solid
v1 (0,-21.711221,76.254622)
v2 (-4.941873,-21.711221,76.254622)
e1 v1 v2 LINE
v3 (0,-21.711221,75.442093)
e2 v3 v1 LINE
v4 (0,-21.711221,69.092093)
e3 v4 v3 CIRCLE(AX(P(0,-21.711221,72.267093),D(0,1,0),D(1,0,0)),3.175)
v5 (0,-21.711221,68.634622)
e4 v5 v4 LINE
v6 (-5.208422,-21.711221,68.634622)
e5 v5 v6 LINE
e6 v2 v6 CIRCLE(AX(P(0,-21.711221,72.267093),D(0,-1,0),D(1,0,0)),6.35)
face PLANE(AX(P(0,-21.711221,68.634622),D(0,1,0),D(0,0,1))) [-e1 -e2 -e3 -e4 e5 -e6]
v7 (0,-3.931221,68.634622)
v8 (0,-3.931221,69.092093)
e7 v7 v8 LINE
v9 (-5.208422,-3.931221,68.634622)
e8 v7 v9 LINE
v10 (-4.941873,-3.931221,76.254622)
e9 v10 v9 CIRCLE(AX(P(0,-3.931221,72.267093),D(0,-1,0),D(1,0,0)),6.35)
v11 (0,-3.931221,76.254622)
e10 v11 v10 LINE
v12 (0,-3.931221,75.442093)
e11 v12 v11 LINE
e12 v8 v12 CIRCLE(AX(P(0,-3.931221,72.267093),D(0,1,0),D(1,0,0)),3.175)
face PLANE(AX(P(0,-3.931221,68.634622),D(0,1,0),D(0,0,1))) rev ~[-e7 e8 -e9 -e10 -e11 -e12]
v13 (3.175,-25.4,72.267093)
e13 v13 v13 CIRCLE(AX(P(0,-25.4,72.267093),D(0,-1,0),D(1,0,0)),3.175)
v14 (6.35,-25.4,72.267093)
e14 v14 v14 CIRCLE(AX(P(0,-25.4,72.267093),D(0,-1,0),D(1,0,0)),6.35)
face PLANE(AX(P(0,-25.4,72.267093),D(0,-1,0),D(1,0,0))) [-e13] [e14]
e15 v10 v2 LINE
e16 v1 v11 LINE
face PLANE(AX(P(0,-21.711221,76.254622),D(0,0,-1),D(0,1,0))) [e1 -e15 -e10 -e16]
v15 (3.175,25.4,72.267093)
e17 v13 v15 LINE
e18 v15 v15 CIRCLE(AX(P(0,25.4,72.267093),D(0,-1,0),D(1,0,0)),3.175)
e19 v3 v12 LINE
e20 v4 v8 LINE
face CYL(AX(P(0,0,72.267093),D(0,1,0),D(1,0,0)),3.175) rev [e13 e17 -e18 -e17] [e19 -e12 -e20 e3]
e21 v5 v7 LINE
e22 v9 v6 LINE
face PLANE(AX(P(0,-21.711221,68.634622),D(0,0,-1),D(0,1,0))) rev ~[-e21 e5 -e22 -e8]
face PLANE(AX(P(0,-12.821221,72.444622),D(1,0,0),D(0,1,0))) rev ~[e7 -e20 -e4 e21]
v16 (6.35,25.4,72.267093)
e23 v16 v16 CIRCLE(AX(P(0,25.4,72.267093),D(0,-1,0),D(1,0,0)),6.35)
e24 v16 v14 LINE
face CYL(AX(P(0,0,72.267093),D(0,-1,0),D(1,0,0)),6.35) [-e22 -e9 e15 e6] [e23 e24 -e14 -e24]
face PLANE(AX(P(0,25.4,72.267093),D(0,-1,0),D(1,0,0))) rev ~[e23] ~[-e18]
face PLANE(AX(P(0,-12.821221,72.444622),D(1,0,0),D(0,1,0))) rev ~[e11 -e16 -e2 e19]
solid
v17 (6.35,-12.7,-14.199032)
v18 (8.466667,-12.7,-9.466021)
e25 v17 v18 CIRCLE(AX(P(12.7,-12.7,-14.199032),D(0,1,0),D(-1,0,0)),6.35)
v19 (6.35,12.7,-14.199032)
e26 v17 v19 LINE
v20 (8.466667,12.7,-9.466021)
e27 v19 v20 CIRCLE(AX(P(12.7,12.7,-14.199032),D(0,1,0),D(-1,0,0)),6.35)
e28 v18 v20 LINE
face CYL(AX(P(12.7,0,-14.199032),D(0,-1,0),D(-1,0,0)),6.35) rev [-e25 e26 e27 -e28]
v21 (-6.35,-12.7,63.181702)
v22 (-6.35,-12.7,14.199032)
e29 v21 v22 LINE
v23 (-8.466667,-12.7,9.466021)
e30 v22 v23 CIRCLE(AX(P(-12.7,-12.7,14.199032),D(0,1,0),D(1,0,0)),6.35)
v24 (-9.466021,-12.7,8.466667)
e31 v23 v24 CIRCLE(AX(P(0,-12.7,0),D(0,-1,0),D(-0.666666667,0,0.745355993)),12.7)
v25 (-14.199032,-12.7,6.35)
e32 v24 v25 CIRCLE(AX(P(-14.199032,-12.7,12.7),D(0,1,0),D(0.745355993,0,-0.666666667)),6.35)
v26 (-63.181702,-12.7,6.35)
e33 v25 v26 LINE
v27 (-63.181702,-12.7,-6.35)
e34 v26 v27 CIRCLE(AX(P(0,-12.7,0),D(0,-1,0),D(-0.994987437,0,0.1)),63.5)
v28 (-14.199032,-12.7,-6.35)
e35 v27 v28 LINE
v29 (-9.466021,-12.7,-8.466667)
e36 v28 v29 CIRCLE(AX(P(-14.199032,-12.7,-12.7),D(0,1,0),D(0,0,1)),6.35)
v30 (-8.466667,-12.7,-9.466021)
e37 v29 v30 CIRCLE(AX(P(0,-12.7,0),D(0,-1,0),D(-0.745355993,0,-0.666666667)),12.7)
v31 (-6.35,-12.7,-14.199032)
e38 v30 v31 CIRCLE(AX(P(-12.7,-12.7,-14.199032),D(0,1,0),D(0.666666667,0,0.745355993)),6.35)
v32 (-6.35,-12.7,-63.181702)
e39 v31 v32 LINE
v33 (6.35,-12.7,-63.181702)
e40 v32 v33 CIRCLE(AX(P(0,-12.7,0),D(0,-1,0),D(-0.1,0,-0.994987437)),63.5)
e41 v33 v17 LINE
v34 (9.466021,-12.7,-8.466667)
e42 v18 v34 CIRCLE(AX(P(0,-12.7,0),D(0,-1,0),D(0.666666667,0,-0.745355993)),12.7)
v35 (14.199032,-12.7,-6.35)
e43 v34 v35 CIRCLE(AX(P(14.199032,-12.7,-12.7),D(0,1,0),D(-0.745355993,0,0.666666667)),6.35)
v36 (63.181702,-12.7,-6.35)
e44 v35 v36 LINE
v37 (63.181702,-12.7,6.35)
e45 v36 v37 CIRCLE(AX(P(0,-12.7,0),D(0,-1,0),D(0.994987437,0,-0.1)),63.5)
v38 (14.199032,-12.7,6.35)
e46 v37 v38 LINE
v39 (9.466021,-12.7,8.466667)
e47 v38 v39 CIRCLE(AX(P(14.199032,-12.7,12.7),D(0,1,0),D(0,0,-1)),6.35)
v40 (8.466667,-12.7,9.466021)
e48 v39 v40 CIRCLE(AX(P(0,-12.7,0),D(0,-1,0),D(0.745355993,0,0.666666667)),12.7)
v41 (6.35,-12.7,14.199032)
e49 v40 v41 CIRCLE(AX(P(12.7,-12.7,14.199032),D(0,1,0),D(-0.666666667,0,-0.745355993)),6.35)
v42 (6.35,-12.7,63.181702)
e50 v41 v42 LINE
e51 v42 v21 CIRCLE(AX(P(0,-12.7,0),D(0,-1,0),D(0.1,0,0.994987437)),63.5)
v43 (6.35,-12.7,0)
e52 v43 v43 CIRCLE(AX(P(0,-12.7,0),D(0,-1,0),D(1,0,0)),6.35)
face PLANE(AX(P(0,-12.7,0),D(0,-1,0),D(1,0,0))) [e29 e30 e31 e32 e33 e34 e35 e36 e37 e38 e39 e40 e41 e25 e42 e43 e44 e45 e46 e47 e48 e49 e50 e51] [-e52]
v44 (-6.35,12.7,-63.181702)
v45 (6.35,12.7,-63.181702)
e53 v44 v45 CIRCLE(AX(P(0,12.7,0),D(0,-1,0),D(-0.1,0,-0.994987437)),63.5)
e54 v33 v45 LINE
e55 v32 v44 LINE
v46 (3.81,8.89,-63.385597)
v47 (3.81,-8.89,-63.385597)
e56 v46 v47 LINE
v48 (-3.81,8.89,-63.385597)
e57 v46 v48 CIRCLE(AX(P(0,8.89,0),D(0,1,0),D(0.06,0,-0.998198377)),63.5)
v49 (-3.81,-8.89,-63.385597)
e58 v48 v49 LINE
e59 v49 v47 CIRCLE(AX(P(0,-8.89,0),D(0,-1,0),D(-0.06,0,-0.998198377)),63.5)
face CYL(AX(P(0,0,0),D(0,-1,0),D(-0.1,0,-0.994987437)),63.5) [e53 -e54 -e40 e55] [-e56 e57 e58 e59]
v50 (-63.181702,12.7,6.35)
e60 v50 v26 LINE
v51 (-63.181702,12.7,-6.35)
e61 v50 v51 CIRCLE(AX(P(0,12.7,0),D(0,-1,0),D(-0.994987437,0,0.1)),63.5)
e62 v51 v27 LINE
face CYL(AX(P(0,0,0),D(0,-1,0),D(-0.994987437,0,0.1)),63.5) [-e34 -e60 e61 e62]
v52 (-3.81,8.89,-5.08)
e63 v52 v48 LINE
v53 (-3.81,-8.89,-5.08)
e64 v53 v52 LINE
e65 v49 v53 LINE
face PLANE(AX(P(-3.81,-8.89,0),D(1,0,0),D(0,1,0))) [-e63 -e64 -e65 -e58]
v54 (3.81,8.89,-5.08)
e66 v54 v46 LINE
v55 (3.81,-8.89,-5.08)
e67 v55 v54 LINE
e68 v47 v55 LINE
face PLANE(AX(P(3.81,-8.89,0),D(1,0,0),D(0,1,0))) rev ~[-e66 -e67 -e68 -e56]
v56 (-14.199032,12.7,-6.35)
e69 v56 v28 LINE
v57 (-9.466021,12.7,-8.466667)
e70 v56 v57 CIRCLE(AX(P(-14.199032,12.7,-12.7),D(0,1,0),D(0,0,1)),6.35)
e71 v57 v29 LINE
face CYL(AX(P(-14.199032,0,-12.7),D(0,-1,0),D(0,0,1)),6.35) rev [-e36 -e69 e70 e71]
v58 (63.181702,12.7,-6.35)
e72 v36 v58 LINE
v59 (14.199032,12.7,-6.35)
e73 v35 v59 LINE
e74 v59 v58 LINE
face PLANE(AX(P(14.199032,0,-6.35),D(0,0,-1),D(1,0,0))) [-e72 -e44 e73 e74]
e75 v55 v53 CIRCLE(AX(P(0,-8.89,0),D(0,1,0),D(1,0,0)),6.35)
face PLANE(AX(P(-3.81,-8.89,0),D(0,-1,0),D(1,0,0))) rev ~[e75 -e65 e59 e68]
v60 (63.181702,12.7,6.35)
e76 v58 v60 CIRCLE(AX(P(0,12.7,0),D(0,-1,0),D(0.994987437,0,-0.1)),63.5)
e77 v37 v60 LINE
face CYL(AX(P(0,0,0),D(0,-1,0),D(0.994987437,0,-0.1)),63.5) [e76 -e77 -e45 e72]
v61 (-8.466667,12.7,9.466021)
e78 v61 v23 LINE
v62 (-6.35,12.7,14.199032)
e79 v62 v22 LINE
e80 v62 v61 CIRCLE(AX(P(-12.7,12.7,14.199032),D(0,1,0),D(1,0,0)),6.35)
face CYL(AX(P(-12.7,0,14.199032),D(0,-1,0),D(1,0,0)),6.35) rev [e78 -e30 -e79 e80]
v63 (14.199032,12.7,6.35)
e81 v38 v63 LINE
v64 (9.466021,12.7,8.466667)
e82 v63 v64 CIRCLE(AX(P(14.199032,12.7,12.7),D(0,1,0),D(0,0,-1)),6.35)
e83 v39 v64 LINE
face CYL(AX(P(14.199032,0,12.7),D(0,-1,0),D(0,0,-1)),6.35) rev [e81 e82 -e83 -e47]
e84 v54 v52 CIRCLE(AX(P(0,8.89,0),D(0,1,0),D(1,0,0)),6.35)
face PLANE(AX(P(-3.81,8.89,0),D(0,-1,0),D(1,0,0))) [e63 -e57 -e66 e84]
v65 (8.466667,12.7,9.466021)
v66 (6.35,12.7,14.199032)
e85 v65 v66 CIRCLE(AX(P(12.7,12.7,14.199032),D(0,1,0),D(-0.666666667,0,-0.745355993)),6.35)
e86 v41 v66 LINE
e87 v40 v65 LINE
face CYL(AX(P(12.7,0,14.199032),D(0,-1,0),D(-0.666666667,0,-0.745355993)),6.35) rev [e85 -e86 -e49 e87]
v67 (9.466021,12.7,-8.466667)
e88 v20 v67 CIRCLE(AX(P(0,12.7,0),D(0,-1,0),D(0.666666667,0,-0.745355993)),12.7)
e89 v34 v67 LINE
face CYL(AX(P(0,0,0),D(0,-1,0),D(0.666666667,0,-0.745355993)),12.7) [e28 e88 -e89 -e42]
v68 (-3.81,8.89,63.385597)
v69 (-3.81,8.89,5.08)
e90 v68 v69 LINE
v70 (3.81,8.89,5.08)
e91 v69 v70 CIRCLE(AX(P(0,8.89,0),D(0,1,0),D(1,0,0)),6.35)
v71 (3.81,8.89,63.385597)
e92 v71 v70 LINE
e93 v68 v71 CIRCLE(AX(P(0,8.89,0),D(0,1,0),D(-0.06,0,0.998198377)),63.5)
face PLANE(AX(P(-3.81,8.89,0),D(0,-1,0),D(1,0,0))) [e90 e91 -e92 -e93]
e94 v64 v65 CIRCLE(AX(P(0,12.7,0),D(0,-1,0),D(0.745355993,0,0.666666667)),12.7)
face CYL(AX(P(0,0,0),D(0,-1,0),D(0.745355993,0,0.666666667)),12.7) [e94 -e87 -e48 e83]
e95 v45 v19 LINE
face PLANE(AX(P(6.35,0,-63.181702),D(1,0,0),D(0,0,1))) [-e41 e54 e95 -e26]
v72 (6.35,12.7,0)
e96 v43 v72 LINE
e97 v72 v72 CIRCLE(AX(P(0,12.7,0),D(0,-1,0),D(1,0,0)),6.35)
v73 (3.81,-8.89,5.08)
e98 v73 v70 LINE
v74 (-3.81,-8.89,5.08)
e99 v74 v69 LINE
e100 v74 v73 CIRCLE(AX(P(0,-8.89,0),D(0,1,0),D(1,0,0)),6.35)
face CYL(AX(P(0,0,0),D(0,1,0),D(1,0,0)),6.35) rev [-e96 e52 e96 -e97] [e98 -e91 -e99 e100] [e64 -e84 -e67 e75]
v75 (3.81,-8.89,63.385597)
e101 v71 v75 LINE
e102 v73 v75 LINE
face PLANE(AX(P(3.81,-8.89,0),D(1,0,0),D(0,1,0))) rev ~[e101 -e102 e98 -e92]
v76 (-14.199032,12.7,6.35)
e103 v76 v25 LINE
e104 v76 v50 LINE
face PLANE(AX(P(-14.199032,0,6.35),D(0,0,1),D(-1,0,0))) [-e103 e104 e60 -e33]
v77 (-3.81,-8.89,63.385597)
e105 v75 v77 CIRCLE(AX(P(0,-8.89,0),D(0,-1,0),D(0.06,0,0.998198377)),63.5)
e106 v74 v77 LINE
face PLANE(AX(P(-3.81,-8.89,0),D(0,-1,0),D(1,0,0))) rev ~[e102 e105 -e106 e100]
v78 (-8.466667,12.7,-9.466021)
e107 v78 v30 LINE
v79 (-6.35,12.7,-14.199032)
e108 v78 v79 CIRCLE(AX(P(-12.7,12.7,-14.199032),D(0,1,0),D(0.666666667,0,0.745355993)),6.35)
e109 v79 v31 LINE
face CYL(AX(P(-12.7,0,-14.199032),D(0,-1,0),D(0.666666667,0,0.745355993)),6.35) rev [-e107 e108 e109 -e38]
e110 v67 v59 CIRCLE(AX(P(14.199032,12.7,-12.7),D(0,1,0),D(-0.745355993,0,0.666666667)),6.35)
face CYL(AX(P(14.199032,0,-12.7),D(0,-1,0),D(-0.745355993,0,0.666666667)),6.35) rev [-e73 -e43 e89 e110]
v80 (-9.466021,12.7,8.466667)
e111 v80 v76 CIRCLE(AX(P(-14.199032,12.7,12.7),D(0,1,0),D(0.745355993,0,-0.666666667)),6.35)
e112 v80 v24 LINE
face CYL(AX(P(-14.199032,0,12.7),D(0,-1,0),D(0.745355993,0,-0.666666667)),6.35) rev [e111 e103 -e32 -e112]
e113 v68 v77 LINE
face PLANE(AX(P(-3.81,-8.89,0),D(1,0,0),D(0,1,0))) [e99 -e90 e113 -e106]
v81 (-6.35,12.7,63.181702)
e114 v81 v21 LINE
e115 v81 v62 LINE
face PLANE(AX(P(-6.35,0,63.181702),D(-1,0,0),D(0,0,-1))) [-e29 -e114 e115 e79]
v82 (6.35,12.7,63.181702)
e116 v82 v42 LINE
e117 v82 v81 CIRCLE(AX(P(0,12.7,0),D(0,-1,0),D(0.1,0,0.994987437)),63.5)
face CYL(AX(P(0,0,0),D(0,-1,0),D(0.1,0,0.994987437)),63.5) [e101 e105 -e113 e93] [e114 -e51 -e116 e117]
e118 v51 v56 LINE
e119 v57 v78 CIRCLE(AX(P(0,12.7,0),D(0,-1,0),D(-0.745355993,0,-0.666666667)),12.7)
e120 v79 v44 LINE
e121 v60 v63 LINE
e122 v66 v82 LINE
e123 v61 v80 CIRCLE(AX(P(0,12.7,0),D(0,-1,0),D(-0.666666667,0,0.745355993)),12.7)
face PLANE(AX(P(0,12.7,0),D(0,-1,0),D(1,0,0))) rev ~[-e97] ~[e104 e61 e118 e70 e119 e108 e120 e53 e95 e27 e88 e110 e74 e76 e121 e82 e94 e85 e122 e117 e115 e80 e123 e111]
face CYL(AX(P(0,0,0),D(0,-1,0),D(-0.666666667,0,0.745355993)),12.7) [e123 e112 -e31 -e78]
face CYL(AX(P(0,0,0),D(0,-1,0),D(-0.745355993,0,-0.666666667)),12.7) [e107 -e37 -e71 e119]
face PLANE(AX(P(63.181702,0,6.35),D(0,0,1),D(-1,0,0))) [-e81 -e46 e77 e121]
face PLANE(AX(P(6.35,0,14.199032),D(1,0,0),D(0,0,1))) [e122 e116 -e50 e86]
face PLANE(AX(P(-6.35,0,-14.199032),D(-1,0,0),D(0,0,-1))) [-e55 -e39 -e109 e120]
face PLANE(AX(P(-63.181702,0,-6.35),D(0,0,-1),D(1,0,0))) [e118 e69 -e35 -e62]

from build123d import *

# Parameters (mm, degrees)
F0_R     = 6.35
F1_DEPTH = 12.7
F2_W     = 7.62
F2_H     = 17.78
F3_DEPTH = 63.5
F4_R     = 6.35
F4_R_2   = 3.175
F5_DEPTH = 25.4
F6_W     = 17.78
F6_H     = 7.62
F7_DEPTH = 7.62


with BuildPart() as f1:
    # F0 (on Front) → F1 (new body, symmetric)
    with BuildSketch(Plane.XZ):
        with BuildLine():
            Line((6.35, 14.1990316571), (6.35, 63.1817022563))
            ThreePointArc((6.35, 63.1817022563), (0, 63.5), (-6.35, 63.1817022563))
            Line((-6.35, 63.1817022563), (-6.35, 14.1990316571))
            ThreePointArc((-6.35, 14.1990316571), (-6.9032695997, 11.6066550127), (-8.4666666667, 9.4660211047))
            ThreePointArc((-8.4666666667, 9.4660211047), (-8.9802561211, 8.9802561211), (-9.4660211047, 8.4666666667))
            ThreePointArc((-9.4660211047, 8.4666666667), (-11.6066550127, 6.9032695997), (-14.1990316571, 6.35))
            Line((-14.1990316571, 6.35), (-63.1817022563, 6.35))
            ThreePointArc((-63.1817022563, 6.35), (-63.5, 0), (-63.1817022563, -6.35))
            Line((-63.1817022563, -6.35), (-14.1990316571, -6.35))
            ThreePointArc((-14.1990316571, -6.35), (-11.6066550127, -6.9032695997), (-9.4660211047, -8.4666666667))
            ThreePointArc((-9.4660211047, -8.4666666667), (-8.9802561211, -8.9802561211), (-8.4666666667, -9.4660211047))
            ThreePointArc((-8.4666666667, -9.4660211047), (-6.9032695997, -11.6066550127), (-6.35, -14.1990316571))
            Line((-6.35, -14.1990316571), (-6.35, -63.1817022563))
            ThreePointArc((-6.35, -63.1817022563), (0, -63.5), (6.35, -63.1817022563))
            Line((6.35, -63.1817022563), (6.35, -14.1990316571))
            ThreePointArc((6.35, -14.1990316571), (6.9032695997, -11.6066550127), (8.4666666667, -9.4660211047))
            ThreePointArc((8.4666666667, -9.4660211047), (8.9802561211, -8.9802561211), (9.4660211047, -8.4666666667))
            ThreePointArc((9.4660211047, -8.4666666667), (11.6066550127, -6.9032695997), (14.1990316571, -6.35))
            Line((14.1990316571, -6.35), (63.1817022563, -6.35))
            ThreePointArc((63.1817022563, -6.35), (63.5, 0), (63.1817022563, 6.35))
            Line((63.1817022563, 6.35), (14.1990316571, 6.35))
            ThreePointArc((14.1990316571, 6.35), (11.6066550127, 6.9032695997), (9.4660211047, 8.4666666667))
            ThreePointArc((9.4660211047, 8.4666666667), (8.9802561211, 8.9802561211), (8.4666666667, 9.4660211047))
            ThreePointArc((8.4666666667, 9.4660211047), (6.9032695997, 11.6066550127), (6.35, 14.1990316571))
        make_face()
        Circle(F0_R, mode=Mode.SUBTRACT)
    extrude(amount=F1_DEPTH, both=True)

    # F2 (on Top) → F3 (cut, symmetric)
    with BuildSketch(Plane.XY):
        Rectangle(F2_W, F2_H)
    extrude(amount=F3_DEPTH, both=True, mode=Mode.SUBTRACT)


with BuildPart() as f5:
    # F4 (on Front) → F5 (new body, symmetric)
    with BuildSketch(Plane.XZ):
        with Locations((0, 72.2670927644)):
            Circle(F4_R)
        with Locations((0, 72.2670927644)):
            Circle(F4_R_2, mode=Mode.SUBTRACT)
    extrude(amount=F5_DEPTH, both=True)

    # F6 (on Right) → F7 (cut)
    with BuildSketch(Plane.YZ):
        with Locations((-12.8212214305, 72.444621799)):
            Rectangle(F6_W, F6_H)
    extrude(amount=-F7_DEPTH, mode=Mode.SUBTRACT)


solid = Compound([f1.part, f5.part])
